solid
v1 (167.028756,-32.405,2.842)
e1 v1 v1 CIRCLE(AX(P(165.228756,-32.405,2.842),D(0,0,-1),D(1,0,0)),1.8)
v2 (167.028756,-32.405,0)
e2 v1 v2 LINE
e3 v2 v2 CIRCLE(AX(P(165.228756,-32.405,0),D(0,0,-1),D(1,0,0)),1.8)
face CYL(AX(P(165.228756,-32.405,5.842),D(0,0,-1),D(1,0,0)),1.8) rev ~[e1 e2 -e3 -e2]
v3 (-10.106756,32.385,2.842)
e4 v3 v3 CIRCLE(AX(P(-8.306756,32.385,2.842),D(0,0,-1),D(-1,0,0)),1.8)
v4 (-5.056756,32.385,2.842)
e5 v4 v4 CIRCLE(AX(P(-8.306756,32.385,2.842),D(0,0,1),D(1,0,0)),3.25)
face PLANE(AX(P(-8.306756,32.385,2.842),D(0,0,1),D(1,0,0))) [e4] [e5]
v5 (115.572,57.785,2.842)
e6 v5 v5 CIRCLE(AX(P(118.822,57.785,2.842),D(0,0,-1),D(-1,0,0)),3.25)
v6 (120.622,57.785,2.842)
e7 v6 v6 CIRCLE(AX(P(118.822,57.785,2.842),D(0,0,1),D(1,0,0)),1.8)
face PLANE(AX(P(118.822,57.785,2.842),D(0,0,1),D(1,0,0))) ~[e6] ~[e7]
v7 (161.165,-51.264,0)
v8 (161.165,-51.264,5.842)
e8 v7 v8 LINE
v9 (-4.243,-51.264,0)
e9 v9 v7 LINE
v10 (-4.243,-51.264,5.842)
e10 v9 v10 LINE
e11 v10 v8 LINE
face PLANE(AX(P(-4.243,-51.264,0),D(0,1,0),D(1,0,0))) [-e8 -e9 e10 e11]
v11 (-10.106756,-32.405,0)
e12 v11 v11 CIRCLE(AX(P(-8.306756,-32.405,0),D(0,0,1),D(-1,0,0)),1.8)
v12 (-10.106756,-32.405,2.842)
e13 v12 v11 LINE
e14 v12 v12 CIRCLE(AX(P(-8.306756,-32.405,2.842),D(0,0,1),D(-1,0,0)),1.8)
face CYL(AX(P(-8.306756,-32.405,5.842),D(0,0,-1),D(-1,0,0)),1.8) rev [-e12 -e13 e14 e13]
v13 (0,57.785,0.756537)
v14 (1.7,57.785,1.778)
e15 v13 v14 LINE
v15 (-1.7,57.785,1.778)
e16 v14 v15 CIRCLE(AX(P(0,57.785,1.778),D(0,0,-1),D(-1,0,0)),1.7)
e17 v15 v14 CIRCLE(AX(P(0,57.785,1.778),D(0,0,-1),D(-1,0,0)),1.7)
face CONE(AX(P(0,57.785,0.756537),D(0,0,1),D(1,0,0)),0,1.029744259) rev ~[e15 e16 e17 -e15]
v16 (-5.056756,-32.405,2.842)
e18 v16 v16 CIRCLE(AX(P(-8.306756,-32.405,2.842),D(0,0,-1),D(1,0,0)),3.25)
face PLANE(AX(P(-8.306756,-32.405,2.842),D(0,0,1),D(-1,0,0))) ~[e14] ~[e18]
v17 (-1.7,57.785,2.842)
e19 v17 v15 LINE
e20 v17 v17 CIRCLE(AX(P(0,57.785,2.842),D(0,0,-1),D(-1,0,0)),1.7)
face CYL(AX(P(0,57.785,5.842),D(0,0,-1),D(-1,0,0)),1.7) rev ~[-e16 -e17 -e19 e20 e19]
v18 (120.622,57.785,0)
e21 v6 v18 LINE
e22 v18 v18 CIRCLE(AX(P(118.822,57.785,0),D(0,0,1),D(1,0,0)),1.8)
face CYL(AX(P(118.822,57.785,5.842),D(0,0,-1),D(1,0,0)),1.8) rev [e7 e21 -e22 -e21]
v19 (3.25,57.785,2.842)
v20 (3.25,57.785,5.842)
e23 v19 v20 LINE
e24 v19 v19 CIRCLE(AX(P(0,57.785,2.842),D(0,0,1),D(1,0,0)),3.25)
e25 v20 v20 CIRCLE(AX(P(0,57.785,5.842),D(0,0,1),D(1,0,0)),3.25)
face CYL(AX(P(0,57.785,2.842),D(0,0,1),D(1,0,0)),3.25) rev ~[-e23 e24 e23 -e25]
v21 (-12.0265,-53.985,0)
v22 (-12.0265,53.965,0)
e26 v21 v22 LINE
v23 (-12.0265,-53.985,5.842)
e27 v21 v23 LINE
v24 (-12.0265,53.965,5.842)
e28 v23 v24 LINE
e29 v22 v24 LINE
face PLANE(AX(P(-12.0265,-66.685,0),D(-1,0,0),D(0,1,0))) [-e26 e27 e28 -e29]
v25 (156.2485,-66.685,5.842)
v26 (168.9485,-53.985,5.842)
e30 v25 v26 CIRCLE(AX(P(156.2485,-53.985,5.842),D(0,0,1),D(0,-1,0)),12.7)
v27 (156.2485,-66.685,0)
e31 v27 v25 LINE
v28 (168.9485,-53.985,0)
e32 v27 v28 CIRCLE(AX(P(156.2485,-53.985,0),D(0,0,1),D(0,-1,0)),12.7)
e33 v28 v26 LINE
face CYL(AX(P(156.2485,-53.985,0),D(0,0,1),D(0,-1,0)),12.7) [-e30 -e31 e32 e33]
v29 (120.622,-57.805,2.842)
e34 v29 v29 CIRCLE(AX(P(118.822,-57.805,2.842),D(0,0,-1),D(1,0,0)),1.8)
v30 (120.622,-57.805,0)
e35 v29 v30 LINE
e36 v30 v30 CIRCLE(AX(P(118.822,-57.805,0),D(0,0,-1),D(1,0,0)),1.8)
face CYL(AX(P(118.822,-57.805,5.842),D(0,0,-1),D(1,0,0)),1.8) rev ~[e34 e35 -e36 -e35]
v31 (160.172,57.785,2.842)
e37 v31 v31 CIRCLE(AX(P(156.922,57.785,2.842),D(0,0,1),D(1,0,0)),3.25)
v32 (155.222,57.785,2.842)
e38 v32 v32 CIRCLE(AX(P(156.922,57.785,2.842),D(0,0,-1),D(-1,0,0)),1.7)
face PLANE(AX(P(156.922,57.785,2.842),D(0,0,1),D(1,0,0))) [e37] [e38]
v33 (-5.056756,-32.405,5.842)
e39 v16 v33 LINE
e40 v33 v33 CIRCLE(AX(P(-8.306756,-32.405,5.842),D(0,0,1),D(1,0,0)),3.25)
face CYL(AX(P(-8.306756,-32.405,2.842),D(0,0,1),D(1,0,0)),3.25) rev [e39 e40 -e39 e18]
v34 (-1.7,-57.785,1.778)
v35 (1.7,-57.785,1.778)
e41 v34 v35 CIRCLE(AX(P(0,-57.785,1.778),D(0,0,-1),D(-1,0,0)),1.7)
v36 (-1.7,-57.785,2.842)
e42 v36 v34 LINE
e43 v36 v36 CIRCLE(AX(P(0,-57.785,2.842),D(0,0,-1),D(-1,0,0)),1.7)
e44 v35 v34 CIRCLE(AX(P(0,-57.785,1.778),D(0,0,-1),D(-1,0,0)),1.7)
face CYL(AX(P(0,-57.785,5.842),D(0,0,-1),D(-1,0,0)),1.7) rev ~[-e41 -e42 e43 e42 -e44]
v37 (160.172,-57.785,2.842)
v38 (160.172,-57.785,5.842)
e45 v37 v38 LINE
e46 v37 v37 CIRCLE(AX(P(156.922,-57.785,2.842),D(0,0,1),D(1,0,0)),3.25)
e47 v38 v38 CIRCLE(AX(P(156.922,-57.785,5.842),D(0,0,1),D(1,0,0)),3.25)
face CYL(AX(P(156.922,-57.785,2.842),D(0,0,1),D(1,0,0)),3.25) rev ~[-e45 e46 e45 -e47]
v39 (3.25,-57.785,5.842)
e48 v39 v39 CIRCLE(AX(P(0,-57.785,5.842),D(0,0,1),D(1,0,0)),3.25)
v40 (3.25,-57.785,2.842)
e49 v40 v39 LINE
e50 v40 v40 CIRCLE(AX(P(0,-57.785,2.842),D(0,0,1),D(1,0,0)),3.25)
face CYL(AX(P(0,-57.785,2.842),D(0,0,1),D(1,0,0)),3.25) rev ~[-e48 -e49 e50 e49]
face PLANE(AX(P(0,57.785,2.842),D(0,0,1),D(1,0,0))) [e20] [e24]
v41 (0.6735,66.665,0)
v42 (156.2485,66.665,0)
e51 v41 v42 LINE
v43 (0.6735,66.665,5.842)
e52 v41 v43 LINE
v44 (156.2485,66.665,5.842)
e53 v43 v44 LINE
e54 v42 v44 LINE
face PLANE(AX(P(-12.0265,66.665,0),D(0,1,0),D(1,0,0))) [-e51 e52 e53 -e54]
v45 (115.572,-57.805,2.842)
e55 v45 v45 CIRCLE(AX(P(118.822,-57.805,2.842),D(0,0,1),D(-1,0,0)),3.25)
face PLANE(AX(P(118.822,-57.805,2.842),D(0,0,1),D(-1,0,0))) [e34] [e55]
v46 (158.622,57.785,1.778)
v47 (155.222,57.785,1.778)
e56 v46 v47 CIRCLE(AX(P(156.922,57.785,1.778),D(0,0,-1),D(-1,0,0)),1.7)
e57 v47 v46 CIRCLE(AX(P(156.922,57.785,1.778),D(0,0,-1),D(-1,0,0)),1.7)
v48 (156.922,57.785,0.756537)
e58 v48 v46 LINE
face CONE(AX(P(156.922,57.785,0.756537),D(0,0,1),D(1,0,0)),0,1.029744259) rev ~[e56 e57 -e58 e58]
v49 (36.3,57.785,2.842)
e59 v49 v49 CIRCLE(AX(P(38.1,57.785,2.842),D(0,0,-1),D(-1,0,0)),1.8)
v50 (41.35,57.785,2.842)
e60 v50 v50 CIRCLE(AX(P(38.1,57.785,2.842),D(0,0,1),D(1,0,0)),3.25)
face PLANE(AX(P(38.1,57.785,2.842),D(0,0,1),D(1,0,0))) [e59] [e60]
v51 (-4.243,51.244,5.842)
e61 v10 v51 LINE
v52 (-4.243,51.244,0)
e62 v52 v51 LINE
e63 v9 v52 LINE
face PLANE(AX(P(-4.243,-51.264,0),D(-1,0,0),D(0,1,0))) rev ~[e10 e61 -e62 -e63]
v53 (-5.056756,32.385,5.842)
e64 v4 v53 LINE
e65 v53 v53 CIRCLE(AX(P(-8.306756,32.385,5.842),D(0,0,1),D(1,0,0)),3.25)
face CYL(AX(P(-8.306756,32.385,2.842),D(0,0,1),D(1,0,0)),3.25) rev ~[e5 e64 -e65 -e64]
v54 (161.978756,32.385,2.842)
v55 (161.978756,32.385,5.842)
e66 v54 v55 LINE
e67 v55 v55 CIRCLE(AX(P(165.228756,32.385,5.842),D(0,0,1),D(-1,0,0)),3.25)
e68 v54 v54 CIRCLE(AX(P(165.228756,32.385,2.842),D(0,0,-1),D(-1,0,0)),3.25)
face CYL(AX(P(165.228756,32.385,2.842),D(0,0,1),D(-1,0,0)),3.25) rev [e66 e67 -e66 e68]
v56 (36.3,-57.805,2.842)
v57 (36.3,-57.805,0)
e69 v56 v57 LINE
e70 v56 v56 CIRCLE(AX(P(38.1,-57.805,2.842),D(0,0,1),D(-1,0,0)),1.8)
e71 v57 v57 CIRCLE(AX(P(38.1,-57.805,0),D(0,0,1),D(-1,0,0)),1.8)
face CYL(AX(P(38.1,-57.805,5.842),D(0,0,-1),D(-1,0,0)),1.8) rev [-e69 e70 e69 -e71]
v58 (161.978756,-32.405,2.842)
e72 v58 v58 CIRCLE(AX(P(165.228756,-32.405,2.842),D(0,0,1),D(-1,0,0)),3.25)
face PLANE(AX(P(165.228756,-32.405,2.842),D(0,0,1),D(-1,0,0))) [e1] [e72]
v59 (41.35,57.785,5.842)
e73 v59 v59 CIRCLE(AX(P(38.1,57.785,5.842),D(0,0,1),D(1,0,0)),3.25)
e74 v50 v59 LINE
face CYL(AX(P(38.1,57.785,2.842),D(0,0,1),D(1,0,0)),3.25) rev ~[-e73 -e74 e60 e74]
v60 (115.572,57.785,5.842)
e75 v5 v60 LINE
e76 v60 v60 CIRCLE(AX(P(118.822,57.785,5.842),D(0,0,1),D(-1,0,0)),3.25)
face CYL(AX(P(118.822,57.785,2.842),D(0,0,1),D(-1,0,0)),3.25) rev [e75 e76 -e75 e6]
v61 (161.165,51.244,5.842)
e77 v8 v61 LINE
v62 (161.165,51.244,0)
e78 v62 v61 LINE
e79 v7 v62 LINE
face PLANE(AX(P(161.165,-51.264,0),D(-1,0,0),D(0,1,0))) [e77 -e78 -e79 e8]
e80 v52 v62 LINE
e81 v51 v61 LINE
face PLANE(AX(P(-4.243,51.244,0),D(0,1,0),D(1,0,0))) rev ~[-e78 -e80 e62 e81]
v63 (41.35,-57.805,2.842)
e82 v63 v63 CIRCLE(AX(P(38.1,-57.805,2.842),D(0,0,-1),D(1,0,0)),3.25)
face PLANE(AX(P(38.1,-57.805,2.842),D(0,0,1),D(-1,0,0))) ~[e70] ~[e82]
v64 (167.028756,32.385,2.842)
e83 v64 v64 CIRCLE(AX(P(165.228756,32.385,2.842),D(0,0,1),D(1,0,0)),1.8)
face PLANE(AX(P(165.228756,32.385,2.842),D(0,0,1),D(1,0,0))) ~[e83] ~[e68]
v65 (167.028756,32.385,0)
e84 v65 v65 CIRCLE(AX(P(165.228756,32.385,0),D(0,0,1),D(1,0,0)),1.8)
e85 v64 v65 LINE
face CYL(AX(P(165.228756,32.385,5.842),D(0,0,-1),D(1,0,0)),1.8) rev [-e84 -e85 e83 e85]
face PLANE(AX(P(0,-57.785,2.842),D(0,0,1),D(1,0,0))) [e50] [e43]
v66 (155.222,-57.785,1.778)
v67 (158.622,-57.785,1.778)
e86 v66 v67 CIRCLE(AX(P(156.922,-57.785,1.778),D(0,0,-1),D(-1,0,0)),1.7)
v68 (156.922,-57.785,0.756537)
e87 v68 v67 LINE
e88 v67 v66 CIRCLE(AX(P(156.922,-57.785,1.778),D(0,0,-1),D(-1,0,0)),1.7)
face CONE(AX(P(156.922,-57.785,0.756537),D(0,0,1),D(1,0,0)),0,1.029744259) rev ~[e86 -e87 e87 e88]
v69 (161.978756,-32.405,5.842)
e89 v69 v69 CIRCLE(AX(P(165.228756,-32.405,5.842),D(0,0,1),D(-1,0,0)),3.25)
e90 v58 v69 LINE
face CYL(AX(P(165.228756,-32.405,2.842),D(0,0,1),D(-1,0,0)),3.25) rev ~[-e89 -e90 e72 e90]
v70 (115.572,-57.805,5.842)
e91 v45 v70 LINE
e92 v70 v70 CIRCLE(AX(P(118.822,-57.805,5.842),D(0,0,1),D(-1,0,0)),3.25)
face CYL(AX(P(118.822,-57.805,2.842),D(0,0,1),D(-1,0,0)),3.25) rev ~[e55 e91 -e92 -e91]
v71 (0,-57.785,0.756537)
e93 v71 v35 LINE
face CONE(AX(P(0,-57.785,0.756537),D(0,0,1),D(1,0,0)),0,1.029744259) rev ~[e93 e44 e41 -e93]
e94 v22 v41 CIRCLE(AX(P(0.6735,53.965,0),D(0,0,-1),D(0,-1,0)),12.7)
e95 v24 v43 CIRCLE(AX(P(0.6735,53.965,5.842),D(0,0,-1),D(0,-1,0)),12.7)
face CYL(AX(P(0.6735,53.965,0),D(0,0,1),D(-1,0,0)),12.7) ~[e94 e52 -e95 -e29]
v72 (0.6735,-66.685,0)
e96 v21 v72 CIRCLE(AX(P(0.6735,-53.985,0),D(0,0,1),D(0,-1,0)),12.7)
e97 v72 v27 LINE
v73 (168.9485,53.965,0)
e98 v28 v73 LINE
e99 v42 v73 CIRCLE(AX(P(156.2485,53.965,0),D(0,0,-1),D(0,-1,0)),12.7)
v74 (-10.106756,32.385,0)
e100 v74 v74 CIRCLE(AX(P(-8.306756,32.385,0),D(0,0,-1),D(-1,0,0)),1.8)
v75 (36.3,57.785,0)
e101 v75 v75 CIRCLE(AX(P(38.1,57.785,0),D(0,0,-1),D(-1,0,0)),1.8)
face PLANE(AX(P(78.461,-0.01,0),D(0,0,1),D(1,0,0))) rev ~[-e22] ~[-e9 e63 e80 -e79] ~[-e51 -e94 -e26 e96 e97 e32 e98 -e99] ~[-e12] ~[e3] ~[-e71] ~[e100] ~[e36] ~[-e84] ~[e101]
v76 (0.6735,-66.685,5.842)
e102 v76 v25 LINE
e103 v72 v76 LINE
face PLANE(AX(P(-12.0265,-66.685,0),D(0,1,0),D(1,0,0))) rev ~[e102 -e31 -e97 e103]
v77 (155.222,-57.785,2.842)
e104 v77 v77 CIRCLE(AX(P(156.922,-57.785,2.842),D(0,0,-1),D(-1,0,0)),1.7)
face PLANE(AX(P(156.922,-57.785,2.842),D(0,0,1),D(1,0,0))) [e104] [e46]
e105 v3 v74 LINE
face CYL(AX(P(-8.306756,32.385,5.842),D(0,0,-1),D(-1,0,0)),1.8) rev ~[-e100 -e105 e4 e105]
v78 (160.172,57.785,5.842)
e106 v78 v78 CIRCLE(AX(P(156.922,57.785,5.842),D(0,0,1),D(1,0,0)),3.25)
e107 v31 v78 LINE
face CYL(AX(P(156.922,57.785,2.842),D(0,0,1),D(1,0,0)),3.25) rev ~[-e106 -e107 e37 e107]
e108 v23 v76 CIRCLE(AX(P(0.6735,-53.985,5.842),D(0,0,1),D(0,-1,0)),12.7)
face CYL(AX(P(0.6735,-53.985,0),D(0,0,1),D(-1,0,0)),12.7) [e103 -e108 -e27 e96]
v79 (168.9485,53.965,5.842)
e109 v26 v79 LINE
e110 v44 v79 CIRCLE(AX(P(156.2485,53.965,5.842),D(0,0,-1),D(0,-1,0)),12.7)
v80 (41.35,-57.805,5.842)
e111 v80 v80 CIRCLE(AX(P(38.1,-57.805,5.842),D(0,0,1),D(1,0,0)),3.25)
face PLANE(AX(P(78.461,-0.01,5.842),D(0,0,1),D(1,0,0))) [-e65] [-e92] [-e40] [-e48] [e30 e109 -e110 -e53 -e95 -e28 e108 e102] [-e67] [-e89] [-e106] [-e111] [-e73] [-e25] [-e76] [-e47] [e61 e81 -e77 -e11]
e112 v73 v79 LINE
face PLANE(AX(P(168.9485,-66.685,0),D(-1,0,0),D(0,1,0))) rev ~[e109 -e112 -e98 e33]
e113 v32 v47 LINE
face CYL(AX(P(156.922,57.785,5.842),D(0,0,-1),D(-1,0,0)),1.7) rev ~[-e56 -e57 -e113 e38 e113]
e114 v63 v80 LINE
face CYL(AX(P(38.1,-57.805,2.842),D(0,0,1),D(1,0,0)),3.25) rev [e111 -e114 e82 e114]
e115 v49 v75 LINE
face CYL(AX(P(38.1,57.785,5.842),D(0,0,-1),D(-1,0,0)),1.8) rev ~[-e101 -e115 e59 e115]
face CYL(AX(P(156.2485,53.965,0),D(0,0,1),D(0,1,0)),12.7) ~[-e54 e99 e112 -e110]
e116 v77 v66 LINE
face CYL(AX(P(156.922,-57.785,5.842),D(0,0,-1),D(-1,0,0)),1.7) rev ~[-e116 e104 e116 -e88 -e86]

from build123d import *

# Parameters (mm, degrees)
SKETCH1_W                                      = 180.975
SKETCH1_H                                      = 133.35
SKETCH1_W_2                                    = 165.408
SKETCH1_H_2                                    = 102.508
BOSS_EXTRUDE1_DEPTH                            = 5.842
FILLET2_R                                      = 12.7
CBORE_FOR_M3_SHCS1_D                           = 3.4
CBORE_FOR_M3_SHCS1_DEPTH                       = 4.064
CBORE_FOR_M3_SHCS1_CBORE_D                     = 6.5
CBORE_FOR_M3_SHCS1_CBORE_DEPTH                 = 3
CBORE_FOR_M3_SHCS1_TIP                         = 1.021463052
CBORE_FOR_M3_SHCS2_D                           = 3.6
CBORE_FOR_M3_SHCS2_DEPTH                       = 5.842
CBORE_FOR_M3_SHCS2_CBORE_D                     = 6.5
CBORE_FOR_M3_SHCS2_CBORE_DEPTH                 = 3
MIRROR1_AT_THE_SECOND_PLANE_COPY_1_D           = 3.6
MIRROR1_AT_THE_SECOND_PLANE_COPY_1_DEPTH       = 5.842
MIRROR1_AT_THE_SECOND_PLANE_COPY_1_CBORE_D     = 6.5
MIRROR1_AT_THE_SECOND_PLANE_COPY_1_CBORE_DEPTH = 3


with BuildPart() as part:
    # Sketch1 → Boss-Extrude1 (new body)
    with BuildSketch(Plane.XY):
        with Locations((78.461, -0.01)):
            Rectangle(SKETCH1_W, SKETCH1_H)
        with Locations((78.461, -0.01)):
            Rectangle(SKETCH1_W_2, SKETCH1_H_2, mode=Mode.SUBTRACT)
    extrude(amount=BOSS_EXTRUDE1_DEPTH)

    # Fillet2
    fillet2_edges = [part.edges().sort_by_distance(p)[0] for p in [
        (168.9485, -66.685, 2.921),
        (168.9485, 66.665, 2.921),
        (-12.0265, 66.665, 2.921),
        (-12.0265, -66.685, 2.921),
    ]]
    fillet(fillet2_edges, radius=FILLET2_R)

    # CBORE for M3 SHCS1
    with Locations(Plane.XY.offset(5.842)):
        with Locations((0, 57.785), (156.922, 57.785), (156.922, -57.785), (0, -57.785)):
            CounterBoreHole(CBORE_FOR_M3_SHCS1_D / 2, CBORE_FOR_M3_SHCS1_CBORE_D / 2, CBORE_FOR_M3_SHCS1_CBORE_DEPTH, depth=CBORE_FOR_M3_SHCS1_DEPTH)
            with Locations((0, 0, -(CBORE_FOR_M3_SHCS1_DEPTH + CBORE_FOR_M3_SHCS1_TIP / 2))):  # 118° drill point
                Cone(0, CBORE_FOR_M3_SHCS1_D / 2, CBORE_FOR_M3_SHCS1_TIP, mode=Mode.SUBTRACT)

    # CBORE for M3 SHCS2
    with Locations(Plane.XY.offset(5.842)):
        with Locations((38.1, 57.785), (-8.306756121, 32.385)):
            cbore_for_m3_shcs2 = CounterBoreHole(CBORE_FOR_M3_SHCS2_D / 2, CBORE_FOR_M3_SHCS2_CBORE_D / 2, CBORE_FOR_M3_SHCS2_CBORE_DEPTH, depth=CBORE_FOR_M3_SHCS2_DEPTH)

    # Mirror1: CBORE for M3 SHCS2 across plane
    add(cbore_for_m3_shcs2.mirror(Plane(origin=(0, -0.01, 0), x_dir=(0, 0, 1), z_dir=(0, -1, 0))), mode=Mode.SUBTRACT)

    # Mirror1 at the second plane: CBORE for M3 SHCS2 across plane
    add(cbore_for_m3_shcs2.mirror(Plane(origin=(78.461, 0, 0), x_dir=(0, 0, 1), z_dir=(1, 0, 0))), mode=Mode.SUBTRACT)

    # Mirror1 at the second plane copy 1
    with Locations(Plane(origin=(156.922, -0.02, 5.842), x_dir=(-1, 0, 0), z_dir=(0, 0, 1))):
        with Locations((38.1, 57.785), (-8.306756121, 32.385)):
            CounterBoreHole(MIRROR1_AT_THE_SECOND_PLANE_COPY_1_D / 2, MIRROR1_AT_THE_SECOND_PLANE_COPY_1_CBORE_D / 2, MIRROR1_AT_THE_SECOND_PLANE_COPY_1_CBORE_DEPTH, depth=MIRROR1_AT_THE_SECOND_PLANE_COPY_1_DEPTH)


solid = part.part
